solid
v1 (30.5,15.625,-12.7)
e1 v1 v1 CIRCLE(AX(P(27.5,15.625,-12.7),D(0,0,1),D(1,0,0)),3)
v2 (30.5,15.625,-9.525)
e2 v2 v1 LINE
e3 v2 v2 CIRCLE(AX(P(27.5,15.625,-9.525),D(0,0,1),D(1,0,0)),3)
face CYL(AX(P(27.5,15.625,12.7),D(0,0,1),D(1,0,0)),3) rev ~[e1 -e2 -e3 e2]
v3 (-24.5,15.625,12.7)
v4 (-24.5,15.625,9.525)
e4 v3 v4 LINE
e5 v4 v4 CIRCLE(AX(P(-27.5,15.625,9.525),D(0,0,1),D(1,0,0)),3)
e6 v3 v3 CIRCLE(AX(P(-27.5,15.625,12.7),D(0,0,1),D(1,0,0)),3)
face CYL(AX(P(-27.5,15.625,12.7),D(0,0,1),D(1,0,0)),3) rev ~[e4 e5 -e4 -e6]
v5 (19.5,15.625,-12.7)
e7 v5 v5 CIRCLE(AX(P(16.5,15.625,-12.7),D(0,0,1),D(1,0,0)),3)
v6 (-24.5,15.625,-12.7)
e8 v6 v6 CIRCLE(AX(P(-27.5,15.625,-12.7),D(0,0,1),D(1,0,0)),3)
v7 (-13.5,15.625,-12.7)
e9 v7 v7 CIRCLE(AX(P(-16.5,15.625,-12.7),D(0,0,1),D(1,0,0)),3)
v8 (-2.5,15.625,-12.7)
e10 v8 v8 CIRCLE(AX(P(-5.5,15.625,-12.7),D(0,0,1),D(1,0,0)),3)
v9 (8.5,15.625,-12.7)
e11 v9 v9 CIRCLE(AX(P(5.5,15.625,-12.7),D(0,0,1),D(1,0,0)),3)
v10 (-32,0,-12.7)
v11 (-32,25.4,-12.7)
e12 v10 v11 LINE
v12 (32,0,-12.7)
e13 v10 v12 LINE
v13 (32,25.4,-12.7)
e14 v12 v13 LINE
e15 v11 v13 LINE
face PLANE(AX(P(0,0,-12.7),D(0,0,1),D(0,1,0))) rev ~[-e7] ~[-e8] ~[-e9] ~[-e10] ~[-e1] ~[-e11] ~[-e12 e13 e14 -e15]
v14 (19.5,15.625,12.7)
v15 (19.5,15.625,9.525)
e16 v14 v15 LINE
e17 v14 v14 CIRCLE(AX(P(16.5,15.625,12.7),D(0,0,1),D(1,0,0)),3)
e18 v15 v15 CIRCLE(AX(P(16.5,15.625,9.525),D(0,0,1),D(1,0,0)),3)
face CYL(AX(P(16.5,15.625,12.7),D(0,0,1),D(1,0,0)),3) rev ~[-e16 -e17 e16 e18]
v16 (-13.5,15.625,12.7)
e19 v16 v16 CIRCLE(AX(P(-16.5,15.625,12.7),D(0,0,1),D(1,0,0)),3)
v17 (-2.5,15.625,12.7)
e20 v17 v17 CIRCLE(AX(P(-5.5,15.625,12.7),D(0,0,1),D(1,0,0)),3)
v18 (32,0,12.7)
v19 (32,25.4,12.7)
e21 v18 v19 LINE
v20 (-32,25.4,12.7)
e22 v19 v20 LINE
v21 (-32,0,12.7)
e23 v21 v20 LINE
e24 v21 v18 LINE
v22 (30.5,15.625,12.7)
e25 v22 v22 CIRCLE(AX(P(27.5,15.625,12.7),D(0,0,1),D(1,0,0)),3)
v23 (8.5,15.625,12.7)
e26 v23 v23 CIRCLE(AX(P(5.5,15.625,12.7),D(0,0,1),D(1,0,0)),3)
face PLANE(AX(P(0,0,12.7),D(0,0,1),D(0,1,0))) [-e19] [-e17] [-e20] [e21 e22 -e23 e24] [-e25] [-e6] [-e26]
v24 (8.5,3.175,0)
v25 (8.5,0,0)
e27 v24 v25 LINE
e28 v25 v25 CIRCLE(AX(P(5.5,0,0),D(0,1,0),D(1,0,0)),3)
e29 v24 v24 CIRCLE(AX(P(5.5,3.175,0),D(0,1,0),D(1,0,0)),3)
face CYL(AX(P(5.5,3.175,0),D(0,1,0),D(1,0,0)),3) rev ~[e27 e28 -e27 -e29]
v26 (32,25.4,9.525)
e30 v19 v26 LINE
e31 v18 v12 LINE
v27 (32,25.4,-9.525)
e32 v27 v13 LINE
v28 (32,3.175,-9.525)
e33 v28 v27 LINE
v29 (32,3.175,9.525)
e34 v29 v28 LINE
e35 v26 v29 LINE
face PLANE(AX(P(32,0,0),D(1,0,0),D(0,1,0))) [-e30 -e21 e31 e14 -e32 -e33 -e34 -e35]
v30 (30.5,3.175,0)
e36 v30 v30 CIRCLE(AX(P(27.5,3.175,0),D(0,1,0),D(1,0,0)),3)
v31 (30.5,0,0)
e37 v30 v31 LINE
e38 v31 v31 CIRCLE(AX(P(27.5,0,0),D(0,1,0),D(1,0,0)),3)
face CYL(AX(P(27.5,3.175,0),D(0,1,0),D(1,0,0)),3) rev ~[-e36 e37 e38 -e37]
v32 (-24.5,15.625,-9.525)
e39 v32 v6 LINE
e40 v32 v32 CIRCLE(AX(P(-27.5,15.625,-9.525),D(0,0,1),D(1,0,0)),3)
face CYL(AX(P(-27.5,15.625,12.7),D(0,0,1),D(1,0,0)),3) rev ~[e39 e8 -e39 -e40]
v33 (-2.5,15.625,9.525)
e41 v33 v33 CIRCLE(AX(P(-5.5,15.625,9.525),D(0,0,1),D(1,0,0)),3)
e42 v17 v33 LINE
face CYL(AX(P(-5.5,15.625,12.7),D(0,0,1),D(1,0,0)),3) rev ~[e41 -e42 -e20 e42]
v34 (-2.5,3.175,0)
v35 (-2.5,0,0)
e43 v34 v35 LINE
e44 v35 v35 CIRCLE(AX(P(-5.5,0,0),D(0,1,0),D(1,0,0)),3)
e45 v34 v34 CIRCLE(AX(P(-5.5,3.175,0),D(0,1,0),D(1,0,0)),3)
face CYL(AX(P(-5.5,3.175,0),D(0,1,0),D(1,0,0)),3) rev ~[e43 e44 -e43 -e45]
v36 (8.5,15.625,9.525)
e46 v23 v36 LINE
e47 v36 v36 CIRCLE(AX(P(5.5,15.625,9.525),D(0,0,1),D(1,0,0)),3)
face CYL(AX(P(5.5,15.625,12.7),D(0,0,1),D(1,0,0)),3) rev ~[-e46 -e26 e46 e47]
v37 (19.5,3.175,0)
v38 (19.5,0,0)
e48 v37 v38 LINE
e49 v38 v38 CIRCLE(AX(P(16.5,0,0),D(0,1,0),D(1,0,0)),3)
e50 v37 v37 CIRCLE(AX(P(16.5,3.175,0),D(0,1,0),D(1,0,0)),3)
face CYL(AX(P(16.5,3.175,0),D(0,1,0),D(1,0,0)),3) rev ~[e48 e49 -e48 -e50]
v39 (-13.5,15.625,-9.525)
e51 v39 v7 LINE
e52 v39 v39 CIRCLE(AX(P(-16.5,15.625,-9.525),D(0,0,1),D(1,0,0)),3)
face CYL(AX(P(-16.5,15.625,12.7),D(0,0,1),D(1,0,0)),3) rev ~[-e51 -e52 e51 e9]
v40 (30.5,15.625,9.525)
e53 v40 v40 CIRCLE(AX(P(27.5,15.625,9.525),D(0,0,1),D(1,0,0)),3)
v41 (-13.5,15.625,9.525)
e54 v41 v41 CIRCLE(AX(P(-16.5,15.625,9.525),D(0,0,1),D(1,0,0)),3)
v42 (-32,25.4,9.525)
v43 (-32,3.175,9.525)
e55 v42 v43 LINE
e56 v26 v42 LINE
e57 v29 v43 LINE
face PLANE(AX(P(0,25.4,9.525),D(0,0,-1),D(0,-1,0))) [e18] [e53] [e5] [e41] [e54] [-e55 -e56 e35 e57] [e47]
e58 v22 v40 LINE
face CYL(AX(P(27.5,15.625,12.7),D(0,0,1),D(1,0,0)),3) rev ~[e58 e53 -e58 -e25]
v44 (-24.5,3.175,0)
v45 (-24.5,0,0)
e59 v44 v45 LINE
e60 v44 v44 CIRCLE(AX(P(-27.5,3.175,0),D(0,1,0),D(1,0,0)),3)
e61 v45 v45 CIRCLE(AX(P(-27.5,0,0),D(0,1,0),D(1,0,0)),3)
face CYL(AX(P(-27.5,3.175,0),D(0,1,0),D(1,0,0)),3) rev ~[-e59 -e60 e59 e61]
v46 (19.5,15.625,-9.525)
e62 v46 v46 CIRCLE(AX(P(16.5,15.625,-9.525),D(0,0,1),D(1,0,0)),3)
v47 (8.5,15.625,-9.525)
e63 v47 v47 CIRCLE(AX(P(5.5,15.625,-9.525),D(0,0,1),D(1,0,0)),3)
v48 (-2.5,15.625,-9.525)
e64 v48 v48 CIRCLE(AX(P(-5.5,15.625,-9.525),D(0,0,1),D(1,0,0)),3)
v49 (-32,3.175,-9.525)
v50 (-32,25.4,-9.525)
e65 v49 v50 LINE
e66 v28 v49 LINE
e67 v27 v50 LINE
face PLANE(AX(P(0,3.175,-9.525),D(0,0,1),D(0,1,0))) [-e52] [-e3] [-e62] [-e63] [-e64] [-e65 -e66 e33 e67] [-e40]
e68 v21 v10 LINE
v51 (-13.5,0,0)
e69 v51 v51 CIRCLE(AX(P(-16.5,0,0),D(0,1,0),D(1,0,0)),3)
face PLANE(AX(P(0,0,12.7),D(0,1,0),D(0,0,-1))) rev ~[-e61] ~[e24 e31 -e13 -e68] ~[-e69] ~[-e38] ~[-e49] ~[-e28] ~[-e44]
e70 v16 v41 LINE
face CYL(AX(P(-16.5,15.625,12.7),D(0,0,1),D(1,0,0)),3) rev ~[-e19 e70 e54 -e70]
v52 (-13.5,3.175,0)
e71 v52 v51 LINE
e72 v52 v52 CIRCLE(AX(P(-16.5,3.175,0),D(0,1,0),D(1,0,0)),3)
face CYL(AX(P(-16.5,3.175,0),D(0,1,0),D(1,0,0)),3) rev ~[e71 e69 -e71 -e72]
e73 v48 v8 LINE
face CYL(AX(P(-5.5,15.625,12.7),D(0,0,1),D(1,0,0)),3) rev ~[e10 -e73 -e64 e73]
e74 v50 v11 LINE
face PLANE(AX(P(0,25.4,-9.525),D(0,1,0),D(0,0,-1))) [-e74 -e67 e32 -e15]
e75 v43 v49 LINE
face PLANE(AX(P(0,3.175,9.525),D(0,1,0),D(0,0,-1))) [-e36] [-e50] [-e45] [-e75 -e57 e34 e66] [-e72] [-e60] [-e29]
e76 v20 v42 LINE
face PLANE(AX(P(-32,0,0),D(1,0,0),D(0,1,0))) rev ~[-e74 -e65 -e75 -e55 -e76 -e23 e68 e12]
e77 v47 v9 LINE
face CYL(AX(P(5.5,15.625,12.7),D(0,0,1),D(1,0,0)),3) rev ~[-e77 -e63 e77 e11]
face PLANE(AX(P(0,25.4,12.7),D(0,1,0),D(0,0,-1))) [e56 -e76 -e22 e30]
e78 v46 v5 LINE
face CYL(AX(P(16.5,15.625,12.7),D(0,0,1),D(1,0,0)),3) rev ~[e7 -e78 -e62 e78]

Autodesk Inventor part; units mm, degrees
ref_plane "YZ Plane" through (0, 0, 0) normal (1, 0, 0) x (0, 1, 0)
ref_plane "XZ Plane" through (0, 0, 0) normal (0, 1, 0) x (-1, 0, 0)
ref_plane "XY Plane" through (0, 0, 0) normal (0, 0, 1) x (1, 0, 0)
sketch "Sketch1" plane through (0, 0, 0) normal (1, 0, 0) x (0, 1, 0)
  line L0 (0, 12.7) -> (0, -12.7)
  line L1 (0, 12.7) -> (25.4, 12.7)
  line L2 (0, -12.7) -> (25.4, -12.7)
  line L3 (25.4, 9.525) -> (3.175, 9.525)
  line L4 (3.175, 9.525) -> (3.175, -9.525)
  line L5 (3.175, -9.525) -> (25.4, -9.525)
  line L6 (25.4, 12.7) -> (25.4, 9.525)
  line L7 (25.4, -9.525) -> (25.4, -12.7)
  point P0 (0, 0)
  point P1 (0, 0)
  dimension "d0" = 25.4
  dimension "d1" = 25.4
  dimension "d2" = 25.4
  dimension "d3" = 3.175
extrude "Extrusion1" add sketch "Sketch1" along normal mid plane 64
sketch "Sketch2" plane through (-32, 3.175, 9.525) normal (0, 1, 0) x (1, 0, 0)
  circle A0 centre (4.5, 9.525) radius 3
  line L0 (0, 0) -> (0, 19.05) construction
  line L1 (0, 19.05) -> (64, 19.05) construction
  circle A1 centre (15.5, 9.525) radius 3
  circle A2 centre (26.5, 9.525) radius 3
  circle A3 centre (37.5, 9.525) radius 3
  circle A4 centre (48.5, 9.525) radius 3
  circle A5 centre (59.5, 9.525) radius 3
  point P0 (32, 9.525)
  point P1 (0, 9.525)
  point P2 (0, 9.525)
  dimension "d6" = 6
  dimension "d7" = 4.5
  dimension "d10" = 11
extrude "Extrusion2" cut sketch "Sketch2" against normal through all
sketch "Sketch3" plane through (-32, 0, 12.7) normal (0, 0, 1) x (1, 0, 0)
  line L0 (0, 3.175) -> (64, 3.175) construction
  line L1 (64, 25.4) -> (64, 3.175) construction
  line L2 (0, 25.4) -> (64, 25.4) construction
  line L3 (0, 3.175) -> (0, 25.4) construction
  circle A0 centre (4.5, 15.625) radius 3
  circle A1 centre (15.5, 15.625) radius 3
  circle A2 centre (26.5, 15.625) radius 3
  circle A3 centre (37.5, 15.625) radius 3
  circle A4 centre (48.5, 15.625) radius 3
  circle A5 centre (59.5, 15.625) radius 3
  point P0 (32, 0)
  dimension "d17" = 6
  dimension "d18" = 12.45
  dimension "d19" = 4.5
  dimension "d22" = 11
extrude "Extrusion3" cut sketch "Sketch3" against normal through all
properties part number "ArmSupport_C-Channel"
